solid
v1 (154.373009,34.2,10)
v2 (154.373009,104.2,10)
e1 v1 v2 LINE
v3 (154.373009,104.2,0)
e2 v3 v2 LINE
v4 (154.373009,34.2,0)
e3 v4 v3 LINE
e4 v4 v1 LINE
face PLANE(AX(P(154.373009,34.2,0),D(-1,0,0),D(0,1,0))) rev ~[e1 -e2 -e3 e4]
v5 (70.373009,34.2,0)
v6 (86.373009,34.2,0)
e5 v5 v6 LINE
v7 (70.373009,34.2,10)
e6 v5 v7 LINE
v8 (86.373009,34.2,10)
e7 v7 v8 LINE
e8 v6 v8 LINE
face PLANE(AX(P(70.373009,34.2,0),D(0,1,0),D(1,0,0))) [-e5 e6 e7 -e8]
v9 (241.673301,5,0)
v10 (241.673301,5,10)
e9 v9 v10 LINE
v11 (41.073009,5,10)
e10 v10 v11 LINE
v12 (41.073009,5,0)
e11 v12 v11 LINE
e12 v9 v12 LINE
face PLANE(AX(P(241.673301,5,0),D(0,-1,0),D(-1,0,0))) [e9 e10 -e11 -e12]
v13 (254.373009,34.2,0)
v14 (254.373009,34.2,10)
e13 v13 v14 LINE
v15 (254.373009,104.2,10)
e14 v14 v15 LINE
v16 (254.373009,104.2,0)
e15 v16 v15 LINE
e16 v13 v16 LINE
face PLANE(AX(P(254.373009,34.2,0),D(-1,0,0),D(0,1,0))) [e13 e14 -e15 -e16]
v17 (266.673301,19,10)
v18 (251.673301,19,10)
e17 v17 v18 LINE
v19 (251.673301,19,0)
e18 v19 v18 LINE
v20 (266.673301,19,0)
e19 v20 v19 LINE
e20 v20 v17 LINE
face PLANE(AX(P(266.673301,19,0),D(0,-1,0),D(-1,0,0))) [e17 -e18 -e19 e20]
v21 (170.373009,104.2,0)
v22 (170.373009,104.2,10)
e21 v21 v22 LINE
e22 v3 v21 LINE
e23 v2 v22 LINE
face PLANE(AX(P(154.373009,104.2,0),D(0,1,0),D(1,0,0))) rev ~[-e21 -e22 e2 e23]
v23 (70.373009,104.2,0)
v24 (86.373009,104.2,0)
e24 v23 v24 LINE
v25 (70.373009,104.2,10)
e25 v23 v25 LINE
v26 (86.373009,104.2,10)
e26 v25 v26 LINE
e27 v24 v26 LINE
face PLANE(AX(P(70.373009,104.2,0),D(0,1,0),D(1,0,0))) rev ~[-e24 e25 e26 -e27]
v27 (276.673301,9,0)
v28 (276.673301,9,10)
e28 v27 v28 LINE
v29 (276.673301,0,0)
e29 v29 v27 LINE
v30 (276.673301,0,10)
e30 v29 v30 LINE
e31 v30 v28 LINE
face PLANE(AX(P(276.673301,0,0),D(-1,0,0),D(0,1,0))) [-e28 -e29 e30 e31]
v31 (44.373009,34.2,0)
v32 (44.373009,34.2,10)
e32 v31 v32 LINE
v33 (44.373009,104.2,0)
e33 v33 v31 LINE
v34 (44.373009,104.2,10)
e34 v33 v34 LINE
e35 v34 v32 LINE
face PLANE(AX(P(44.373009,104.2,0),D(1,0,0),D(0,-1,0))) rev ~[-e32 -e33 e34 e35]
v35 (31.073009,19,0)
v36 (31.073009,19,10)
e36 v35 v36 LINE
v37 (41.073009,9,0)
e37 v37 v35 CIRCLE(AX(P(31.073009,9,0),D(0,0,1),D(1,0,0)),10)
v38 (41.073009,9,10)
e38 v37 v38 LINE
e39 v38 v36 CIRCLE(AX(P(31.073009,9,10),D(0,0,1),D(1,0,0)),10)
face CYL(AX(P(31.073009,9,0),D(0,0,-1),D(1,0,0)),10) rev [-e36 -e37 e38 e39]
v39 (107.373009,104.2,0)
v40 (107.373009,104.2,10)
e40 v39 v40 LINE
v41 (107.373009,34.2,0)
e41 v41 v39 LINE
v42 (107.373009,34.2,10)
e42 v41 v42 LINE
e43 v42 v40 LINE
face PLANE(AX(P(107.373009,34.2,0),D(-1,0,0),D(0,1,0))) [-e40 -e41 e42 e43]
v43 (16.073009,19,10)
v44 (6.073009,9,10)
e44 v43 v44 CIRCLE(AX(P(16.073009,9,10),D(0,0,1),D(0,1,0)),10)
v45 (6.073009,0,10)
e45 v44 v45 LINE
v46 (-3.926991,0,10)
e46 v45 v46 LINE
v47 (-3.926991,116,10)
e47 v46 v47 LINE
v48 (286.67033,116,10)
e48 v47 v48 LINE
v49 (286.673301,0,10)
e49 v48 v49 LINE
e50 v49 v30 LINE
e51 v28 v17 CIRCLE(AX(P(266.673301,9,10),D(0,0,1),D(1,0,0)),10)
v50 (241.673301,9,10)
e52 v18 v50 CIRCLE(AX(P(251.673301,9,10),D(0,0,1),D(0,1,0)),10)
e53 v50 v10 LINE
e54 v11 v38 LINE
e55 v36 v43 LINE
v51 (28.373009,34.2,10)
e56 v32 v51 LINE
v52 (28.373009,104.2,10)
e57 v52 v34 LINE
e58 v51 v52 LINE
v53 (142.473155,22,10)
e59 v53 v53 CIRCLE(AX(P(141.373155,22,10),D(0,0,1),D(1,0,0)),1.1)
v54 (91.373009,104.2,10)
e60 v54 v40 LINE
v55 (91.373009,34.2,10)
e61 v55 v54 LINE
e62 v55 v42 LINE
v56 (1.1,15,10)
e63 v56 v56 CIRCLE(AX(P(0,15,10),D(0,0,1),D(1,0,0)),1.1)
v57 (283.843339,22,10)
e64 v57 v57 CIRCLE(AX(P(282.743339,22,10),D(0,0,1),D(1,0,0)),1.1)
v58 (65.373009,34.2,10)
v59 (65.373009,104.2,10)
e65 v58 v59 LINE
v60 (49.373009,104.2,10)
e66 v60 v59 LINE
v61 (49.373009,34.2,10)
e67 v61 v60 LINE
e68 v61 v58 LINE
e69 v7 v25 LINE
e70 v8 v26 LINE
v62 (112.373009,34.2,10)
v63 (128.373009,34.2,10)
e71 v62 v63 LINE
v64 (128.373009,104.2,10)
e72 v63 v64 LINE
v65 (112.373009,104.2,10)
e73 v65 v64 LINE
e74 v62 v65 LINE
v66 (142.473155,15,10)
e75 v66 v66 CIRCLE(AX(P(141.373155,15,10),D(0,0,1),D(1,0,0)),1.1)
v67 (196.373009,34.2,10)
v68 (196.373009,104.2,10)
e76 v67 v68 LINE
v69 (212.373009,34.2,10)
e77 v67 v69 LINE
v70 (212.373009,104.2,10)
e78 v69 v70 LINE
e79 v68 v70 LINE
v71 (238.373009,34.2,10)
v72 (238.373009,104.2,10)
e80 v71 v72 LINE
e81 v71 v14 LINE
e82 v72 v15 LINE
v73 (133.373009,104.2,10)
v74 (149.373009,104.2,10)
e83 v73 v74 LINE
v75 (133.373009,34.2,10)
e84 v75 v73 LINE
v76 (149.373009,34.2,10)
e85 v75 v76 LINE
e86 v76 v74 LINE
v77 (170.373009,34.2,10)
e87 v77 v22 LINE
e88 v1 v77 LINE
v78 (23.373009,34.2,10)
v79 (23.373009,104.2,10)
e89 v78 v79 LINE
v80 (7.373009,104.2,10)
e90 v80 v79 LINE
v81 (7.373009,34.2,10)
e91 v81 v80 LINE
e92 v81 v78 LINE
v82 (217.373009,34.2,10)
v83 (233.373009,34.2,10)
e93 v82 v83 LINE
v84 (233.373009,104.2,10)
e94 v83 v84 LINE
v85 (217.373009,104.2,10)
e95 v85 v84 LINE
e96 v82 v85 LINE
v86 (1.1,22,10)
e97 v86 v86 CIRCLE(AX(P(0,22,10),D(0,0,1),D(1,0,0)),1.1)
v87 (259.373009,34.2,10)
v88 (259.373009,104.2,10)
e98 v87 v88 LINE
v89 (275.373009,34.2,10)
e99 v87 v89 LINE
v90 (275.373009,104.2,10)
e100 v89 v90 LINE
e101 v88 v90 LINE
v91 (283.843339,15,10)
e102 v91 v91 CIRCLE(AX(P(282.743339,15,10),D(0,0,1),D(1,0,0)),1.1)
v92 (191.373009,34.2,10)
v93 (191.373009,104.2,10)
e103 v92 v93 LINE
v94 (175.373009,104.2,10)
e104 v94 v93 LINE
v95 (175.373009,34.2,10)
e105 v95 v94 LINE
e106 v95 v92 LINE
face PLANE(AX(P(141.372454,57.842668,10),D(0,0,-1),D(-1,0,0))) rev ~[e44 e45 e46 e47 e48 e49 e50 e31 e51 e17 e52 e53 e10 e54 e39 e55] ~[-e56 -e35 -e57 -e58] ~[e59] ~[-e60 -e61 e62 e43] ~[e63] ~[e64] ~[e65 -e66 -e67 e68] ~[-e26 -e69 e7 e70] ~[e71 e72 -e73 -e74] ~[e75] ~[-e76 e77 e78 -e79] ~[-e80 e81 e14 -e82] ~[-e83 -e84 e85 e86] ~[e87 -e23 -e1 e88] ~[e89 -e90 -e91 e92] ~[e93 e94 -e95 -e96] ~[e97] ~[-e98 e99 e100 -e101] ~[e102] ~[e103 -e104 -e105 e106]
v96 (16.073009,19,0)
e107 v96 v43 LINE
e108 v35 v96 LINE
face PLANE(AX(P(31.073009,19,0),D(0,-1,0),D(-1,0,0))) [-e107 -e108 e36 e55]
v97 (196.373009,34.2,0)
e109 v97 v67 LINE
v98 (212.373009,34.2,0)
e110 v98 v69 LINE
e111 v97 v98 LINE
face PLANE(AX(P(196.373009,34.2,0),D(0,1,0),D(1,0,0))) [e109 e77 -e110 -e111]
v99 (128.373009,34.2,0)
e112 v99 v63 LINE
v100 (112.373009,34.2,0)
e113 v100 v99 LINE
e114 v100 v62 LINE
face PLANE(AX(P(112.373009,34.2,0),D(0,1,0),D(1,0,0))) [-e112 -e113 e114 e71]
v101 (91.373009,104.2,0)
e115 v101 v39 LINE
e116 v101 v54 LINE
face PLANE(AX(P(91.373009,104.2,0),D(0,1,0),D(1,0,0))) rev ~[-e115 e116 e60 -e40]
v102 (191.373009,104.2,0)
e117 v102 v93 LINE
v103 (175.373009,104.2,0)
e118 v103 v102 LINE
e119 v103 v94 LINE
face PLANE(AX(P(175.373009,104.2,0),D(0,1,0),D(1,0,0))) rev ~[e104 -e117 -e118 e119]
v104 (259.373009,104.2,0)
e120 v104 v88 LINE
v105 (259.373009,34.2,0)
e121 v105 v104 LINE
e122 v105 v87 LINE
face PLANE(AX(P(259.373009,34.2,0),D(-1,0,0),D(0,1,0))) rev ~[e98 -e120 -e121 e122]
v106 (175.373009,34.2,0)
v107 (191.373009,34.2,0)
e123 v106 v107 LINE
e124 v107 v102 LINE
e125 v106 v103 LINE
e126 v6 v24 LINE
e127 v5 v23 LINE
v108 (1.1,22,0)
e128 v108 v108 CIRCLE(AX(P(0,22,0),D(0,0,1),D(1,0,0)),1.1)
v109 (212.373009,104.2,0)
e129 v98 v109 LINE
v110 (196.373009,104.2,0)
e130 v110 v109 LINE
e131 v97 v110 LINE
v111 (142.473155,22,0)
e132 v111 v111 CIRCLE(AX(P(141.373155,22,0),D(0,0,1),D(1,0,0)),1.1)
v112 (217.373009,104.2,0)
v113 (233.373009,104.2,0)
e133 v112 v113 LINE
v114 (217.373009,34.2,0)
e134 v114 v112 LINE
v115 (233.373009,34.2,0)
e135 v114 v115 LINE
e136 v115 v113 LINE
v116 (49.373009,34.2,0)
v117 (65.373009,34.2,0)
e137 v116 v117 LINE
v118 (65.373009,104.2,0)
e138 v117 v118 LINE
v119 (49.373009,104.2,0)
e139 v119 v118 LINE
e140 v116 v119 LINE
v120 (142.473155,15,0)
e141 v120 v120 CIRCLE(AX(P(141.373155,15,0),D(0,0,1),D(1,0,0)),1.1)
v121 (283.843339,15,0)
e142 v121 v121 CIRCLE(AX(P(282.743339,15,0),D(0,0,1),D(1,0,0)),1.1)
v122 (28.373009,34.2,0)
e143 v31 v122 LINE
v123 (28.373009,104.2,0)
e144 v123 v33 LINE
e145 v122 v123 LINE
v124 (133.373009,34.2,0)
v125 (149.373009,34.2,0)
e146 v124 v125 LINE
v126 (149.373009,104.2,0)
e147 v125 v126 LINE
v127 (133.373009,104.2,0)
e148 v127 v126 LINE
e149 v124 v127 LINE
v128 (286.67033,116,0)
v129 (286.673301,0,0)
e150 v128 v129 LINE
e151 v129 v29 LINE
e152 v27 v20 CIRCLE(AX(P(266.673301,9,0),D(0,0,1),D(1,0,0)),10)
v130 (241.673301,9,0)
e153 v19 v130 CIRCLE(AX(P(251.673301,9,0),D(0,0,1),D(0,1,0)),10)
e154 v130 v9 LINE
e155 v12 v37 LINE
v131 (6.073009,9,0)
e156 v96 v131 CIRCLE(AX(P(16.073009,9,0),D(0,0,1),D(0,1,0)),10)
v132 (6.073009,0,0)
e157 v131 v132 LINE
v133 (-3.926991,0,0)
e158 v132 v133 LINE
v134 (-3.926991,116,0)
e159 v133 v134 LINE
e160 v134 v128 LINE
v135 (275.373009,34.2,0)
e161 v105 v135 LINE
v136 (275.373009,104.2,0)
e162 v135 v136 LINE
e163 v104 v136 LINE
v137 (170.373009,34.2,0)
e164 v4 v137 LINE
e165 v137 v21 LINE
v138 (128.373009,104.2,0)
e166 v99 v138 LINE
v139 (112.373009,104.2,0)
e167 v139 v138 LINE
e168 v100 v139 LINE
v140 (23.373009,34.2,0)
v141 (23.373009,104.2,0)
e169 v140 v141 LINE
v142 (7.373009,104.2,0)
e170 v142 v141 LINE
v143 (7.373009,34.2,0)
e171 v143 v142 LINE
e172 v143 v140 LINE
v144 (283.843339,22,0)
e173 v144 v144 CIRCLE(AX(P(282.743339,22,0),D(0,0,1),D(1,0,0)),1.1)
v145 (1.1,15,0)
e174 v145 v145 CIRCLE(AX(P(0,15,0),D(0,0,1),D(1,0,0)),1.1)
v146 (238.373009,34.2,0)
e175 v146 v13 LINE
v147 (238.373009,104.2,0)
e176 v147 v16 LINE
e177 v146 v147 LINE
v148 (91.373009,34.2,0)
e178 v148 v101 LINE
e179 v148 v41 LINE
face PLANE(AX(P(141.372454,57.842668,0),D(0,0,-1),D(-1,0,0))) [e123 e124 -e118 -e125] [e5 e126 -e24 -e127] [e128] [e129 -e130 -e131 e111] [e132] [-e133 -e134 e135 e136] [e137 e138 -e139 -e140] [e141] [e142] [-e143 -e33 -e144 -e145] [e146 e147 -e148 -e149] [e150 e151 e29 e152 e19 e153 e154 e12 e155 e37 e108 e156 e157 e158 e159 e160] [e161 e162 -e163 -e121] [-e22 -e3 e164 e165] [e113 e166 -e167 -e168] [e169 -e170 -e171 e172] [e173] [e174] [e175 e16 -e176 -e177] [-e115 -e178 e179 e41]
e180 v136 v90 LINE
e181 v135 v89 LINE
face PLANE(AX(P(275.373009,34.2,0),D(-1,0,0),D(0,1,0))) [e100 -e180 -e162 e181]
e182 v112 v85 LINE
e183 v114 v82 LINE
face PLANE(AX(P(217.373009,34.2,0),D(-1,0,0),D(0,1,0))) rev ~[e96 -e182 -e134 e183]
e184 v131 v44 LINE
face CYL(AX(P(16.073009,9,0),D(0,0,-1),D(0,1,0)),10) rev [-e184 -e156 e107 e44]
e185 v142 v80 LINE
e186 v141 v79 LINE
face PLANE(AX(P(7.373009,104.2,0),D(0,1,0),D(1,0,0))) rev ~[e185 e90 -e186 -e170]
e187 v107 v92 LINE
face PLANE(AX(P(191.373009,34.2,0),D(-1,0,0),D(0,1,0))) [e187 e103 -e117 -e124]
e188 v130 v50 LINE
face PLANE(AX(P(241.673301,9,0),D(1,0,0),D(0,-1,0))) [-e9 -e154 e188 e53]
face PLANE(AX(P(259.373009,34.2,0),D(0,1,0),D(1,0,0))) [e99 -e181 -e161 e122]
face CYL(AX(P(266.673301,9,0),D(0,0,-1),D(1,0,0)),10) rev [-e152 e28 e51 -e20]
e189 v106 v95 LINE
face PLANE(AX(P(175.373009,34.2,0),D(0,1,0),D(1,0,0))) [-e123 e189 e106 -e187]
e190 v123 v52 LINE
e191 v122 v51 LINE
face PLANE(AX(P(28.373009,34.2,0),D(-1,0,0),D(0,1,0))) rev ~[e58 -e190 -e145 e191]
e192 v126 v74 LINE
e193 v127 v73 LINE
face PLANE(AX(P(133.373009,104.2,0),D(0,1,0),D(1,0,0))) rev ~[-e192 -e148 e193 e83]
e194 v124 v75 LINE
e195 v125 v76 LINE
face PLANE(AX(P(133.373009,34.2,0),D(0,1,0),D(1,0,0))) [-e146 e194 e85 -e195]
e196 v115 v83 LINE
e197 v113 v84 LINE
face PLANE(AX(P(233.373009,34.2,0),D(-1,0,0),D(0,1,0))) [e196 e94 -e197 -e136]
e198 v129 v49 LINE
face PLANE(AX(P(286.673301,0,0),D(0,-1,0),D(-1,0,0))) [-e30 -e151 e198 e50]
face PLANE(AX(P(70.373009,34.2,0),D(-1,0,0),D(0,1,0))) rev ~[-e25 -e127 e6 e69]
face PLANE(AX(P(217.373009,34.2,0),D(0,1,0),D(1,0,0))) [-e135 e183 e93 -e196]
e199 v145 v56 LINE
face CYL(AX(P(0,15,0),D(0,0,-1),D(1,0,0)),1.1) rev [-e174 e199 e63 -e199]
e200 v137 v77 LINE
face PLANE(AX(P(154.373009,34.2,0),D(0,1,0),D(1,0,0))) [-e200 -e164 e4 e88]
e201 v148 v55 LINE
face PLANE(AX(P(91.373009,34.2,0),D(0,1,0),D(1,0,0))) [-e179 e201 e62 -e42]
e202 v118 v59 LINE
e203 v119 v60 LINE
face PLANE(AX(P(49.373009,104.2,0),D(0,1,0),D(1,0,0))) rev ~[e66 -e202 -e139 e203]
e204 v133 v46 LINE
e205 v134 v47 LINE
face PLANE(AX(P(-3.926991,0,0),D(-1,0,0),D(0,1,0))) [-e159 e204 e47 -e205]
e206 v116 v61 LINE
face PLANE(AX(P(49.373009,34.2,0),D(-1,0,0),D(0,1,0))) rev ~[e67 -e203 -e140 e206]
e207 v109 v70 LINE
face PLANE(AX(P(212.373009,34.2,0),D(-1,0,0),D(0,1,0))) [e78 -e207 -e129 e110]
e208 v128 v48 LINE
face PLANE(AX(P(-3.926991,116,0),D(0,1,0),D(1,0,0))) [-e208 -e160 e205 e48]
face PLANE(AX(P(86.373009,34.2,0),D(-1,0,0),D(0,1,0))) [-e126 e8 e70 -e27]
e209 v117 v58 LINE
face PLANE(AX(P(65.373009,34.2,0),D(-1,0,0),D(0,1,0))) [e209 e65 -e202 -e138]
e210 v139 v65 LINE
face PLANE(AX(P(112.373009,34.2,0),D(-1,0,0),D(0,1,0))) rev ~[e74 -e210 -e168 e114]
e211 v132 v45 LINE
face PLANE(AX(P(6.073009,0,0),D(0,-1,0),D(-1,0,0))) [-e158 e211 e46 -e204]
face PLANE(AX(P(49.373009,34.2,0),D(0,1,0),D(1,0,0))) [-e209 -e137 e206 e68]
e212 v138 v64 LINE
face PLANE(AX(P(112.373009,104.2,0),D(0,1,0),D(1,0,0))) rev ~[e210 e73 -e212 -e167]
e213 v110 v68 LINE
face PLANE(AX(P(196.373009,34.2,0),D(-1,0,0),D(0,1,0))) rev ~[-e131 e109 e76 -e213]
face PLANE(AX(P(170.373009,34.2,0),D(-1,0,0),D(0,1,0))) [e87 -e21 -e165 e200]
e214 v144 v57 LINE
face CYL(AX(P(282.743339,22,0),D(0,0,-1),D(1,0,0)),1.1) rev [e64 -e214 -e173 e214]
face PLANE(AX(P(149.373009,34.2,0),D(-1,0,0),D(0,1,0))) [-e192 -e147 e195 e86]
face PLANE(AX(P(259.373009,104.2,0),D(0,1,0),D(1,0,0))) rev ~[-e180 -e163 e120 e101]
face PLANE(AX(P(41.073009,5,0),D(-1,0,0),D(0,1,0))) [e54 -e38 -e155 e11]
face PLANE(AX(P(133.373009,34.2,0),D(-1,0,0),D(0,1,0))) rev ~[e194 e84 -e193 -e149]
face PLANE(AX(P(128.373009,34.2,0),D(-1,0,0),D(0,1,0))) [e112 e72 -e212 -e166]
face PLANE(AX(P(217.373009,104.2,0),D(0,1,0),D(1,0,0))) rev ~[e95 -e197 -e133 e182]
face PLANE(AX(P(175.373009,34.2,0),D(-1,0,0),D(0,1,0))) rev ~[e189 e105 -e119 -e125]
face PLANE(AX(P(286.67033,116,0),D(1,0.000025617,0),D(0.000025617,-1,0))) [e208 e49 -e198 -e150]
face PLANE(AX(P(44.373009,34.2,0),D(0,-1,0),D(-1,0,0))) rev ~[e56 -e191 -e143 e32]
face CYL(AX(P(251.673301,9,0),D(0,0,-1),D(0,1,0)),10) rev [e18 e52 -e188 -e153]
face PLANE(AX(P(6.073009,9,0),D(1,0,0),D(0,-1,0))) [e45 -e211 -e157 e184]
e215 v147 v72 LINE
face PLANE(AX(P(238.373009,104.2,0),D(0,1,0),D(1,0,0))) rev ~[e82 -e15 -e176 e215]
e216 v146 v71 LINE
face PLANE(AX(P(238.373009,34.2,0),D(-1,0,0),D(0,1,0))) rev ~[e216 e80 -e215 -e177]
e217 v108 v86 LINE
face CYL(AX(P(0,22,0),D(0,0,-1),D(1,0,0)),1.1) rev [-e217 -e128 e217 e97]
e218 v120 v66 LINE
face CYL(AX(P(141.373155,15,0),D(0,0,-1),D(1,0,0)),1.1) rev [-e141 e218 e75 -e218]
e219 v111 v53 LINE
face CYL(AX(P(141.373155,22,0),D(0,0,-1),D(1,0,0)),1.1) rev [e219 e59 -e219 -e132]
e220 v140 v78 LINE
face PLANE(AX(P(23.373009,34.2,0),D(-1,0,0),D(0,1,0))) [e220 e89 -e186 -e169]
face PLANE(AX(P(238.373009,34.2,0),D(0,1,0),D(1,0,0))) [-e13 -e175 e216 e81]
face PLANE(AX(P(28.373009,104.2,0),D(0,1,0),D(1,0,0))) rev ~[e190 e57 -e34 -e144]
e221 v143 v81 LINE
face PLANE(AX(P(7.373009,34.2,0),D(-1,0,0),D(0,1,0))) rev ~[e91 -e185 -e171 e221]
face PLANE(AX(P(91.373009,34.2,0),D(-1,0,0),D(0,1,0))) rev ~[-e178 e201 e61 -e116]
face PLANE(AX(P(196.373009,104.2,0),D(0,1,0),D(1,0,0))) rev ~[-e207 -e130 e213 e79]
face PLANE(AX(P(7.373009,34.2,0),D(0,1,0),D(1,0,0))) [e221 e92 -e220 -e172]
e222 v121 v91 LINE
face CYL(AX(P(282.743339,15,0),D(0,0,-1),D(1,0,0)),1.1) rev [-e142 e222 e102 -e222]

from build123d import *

# Parameters (mm, degrees)
ESQUISSE5_R      = 1.1
ESQUISSE5_W      = 16
ESQUISSE5_H      = 70
ESQUISSE5_W_2    = 15.999999999
EXTRUSION1_DEPTH = 10


with BuildPart() as part:
    # Esquisse5 → Extrusion1 (new body)
    with BuildSketch(Plane.XY):
        with BuildLine():
            Line((-3.926990817, 116), (286.670329677, 116))
            Line((286.670329677, 116), (286.673301238, 4e-09))
            Line((286.673301238, 4e-09), (276.673301237, 4e-09))
            Line((276.673301237, 4e-09), (276.673301237, 9))
            ThreePointArc((276.673301237, 9), (273.744369049, 16.071067812), (266.673301237, 19))
            Line((266.673301237, 19), (251.673301238, 19))
            ThreePointArc((251.673301238, 19), (244.602233426, 16.071067812), (241.673301237, 9))
            Line((241.673301237, 9), (241.673301237, 5))
            Line((241.673301237, 5), (41.073009183, 5))
            Line((41.073009183, 5), (41.073009183, 9))
            ThreePointArc((41.073009183, 9), (38.144076994, 16.071067812), (31.073009182, 19))
            Line((31.073009182, 19), (16.073009183, 19))
            ThreePointArc((16.073009183, 19), (9.001941371, 16.071067812), (6.073009183, 9))
            Line((6.073009183, 9), (6.073009183, 4e-09))
            Line((6.073009183, 4e-09), (-3.926990817, 4e-09))
            Line((-3.926990817, 4e-09), (-3.926990817, 116))
        make_face()
        with Locations((0, 22)):
            Circle(ESQUISSE5_R, mode=Mode.SUBTRACT)
        with Locations((141.37315521, 22)):
            Circle(ESQUISSE5_R, mode=Mode.SUBTRACT)
        with Locations((282.74333886, 22)):
            Circle(ESQUISSE5_R, mode=Mode.SUBTRACT)
        with Locations((0, 15)):
            Circle(ESQUISSE5_R, mode=Mode.SUBTRACT)
        with Locations((141.37315521, 15)):
            Circle(ESQUISSE5_R, mode=Mode.SUBTRACT)
        with Locations((282.74333886, 15)):
            Circle(ESQUISSE5_R, mode=Mode.SUBTRACT)
        Polygon((28.373009183, 104.2), (44.373009183, 104.2), (44.373009183, 34.2), (28.373009183, 34.2), align=None, mode=Mode.SUBTRACT)
        with Locations((15.373009183, 69.2)):
            Rectangle(ESQUISSE5_W, ESQUISSE5_H, mode=Mode.SUBTRACT)
        with Locations((57.373009183, 69.2)):
            Rectangle(ESQUISSE5_W, ESQUISSE5_H, mode=Mode.SUBTRACT)
        with Locations((78.373009183, 69.2)):
            Rectangle(ESQUISSE5_W, ESQUISSE5_H, mode=Mode.SUBTRACT)
        with Locations((99.373009183, 69.2)):
            Rectangle(ESQUISSE5_W, ESQUISSE5_H, mode=Mode.SUBTRACT)
        with Locations((120.373009183, 69.2)):
            Rectangle(ESQUISSE5_W, ESQUISSE5_H, mode=Mode.SUBTRACT)
        with Locations((141.373009183, 69.2)):
            Rectangle(ESQUISSE5_W, ESQUISSE5_H, mode=Mode.SUBTRACT)
        with Locations((162.373009183, 69.2)):
            Rectangle(ESQUISSE5_W_2, ESQUISSE5_H, mode=Mode.SUBTRACT)
        with Locations((183.373009182, 69.2)):
            Rectangle(ESQUISSE5_W, ESQUISSE5_H, mode=Mode.SUBTRACT)
        with Locations((204.373009182, 69.2)):
            Rectangle(ESQUISSE5_W, ESQUISSE5_H, mode=Mode.SUBTRACT)
        with Locations((225.373009182, 69.2)):
            Rectangle(ESQUISSE5_W, ESQUISSE5_H, mode=Mode.SUBTRACT)
        with Locations((246.373009182, 69.2)):
            Rectangle(ESQUISSE5_W, ESQUISSE5_H, mode=Mode.SUBTRACT)
        with Locations((267.373009182, 69.2)):
            Rectangle(ESQUISSE5_W, ESQUISSE5_H, mode=Mode.SUBTRACT)
    extrude(amount=EXTRUSION1_DEPTH)


solid = part.part
